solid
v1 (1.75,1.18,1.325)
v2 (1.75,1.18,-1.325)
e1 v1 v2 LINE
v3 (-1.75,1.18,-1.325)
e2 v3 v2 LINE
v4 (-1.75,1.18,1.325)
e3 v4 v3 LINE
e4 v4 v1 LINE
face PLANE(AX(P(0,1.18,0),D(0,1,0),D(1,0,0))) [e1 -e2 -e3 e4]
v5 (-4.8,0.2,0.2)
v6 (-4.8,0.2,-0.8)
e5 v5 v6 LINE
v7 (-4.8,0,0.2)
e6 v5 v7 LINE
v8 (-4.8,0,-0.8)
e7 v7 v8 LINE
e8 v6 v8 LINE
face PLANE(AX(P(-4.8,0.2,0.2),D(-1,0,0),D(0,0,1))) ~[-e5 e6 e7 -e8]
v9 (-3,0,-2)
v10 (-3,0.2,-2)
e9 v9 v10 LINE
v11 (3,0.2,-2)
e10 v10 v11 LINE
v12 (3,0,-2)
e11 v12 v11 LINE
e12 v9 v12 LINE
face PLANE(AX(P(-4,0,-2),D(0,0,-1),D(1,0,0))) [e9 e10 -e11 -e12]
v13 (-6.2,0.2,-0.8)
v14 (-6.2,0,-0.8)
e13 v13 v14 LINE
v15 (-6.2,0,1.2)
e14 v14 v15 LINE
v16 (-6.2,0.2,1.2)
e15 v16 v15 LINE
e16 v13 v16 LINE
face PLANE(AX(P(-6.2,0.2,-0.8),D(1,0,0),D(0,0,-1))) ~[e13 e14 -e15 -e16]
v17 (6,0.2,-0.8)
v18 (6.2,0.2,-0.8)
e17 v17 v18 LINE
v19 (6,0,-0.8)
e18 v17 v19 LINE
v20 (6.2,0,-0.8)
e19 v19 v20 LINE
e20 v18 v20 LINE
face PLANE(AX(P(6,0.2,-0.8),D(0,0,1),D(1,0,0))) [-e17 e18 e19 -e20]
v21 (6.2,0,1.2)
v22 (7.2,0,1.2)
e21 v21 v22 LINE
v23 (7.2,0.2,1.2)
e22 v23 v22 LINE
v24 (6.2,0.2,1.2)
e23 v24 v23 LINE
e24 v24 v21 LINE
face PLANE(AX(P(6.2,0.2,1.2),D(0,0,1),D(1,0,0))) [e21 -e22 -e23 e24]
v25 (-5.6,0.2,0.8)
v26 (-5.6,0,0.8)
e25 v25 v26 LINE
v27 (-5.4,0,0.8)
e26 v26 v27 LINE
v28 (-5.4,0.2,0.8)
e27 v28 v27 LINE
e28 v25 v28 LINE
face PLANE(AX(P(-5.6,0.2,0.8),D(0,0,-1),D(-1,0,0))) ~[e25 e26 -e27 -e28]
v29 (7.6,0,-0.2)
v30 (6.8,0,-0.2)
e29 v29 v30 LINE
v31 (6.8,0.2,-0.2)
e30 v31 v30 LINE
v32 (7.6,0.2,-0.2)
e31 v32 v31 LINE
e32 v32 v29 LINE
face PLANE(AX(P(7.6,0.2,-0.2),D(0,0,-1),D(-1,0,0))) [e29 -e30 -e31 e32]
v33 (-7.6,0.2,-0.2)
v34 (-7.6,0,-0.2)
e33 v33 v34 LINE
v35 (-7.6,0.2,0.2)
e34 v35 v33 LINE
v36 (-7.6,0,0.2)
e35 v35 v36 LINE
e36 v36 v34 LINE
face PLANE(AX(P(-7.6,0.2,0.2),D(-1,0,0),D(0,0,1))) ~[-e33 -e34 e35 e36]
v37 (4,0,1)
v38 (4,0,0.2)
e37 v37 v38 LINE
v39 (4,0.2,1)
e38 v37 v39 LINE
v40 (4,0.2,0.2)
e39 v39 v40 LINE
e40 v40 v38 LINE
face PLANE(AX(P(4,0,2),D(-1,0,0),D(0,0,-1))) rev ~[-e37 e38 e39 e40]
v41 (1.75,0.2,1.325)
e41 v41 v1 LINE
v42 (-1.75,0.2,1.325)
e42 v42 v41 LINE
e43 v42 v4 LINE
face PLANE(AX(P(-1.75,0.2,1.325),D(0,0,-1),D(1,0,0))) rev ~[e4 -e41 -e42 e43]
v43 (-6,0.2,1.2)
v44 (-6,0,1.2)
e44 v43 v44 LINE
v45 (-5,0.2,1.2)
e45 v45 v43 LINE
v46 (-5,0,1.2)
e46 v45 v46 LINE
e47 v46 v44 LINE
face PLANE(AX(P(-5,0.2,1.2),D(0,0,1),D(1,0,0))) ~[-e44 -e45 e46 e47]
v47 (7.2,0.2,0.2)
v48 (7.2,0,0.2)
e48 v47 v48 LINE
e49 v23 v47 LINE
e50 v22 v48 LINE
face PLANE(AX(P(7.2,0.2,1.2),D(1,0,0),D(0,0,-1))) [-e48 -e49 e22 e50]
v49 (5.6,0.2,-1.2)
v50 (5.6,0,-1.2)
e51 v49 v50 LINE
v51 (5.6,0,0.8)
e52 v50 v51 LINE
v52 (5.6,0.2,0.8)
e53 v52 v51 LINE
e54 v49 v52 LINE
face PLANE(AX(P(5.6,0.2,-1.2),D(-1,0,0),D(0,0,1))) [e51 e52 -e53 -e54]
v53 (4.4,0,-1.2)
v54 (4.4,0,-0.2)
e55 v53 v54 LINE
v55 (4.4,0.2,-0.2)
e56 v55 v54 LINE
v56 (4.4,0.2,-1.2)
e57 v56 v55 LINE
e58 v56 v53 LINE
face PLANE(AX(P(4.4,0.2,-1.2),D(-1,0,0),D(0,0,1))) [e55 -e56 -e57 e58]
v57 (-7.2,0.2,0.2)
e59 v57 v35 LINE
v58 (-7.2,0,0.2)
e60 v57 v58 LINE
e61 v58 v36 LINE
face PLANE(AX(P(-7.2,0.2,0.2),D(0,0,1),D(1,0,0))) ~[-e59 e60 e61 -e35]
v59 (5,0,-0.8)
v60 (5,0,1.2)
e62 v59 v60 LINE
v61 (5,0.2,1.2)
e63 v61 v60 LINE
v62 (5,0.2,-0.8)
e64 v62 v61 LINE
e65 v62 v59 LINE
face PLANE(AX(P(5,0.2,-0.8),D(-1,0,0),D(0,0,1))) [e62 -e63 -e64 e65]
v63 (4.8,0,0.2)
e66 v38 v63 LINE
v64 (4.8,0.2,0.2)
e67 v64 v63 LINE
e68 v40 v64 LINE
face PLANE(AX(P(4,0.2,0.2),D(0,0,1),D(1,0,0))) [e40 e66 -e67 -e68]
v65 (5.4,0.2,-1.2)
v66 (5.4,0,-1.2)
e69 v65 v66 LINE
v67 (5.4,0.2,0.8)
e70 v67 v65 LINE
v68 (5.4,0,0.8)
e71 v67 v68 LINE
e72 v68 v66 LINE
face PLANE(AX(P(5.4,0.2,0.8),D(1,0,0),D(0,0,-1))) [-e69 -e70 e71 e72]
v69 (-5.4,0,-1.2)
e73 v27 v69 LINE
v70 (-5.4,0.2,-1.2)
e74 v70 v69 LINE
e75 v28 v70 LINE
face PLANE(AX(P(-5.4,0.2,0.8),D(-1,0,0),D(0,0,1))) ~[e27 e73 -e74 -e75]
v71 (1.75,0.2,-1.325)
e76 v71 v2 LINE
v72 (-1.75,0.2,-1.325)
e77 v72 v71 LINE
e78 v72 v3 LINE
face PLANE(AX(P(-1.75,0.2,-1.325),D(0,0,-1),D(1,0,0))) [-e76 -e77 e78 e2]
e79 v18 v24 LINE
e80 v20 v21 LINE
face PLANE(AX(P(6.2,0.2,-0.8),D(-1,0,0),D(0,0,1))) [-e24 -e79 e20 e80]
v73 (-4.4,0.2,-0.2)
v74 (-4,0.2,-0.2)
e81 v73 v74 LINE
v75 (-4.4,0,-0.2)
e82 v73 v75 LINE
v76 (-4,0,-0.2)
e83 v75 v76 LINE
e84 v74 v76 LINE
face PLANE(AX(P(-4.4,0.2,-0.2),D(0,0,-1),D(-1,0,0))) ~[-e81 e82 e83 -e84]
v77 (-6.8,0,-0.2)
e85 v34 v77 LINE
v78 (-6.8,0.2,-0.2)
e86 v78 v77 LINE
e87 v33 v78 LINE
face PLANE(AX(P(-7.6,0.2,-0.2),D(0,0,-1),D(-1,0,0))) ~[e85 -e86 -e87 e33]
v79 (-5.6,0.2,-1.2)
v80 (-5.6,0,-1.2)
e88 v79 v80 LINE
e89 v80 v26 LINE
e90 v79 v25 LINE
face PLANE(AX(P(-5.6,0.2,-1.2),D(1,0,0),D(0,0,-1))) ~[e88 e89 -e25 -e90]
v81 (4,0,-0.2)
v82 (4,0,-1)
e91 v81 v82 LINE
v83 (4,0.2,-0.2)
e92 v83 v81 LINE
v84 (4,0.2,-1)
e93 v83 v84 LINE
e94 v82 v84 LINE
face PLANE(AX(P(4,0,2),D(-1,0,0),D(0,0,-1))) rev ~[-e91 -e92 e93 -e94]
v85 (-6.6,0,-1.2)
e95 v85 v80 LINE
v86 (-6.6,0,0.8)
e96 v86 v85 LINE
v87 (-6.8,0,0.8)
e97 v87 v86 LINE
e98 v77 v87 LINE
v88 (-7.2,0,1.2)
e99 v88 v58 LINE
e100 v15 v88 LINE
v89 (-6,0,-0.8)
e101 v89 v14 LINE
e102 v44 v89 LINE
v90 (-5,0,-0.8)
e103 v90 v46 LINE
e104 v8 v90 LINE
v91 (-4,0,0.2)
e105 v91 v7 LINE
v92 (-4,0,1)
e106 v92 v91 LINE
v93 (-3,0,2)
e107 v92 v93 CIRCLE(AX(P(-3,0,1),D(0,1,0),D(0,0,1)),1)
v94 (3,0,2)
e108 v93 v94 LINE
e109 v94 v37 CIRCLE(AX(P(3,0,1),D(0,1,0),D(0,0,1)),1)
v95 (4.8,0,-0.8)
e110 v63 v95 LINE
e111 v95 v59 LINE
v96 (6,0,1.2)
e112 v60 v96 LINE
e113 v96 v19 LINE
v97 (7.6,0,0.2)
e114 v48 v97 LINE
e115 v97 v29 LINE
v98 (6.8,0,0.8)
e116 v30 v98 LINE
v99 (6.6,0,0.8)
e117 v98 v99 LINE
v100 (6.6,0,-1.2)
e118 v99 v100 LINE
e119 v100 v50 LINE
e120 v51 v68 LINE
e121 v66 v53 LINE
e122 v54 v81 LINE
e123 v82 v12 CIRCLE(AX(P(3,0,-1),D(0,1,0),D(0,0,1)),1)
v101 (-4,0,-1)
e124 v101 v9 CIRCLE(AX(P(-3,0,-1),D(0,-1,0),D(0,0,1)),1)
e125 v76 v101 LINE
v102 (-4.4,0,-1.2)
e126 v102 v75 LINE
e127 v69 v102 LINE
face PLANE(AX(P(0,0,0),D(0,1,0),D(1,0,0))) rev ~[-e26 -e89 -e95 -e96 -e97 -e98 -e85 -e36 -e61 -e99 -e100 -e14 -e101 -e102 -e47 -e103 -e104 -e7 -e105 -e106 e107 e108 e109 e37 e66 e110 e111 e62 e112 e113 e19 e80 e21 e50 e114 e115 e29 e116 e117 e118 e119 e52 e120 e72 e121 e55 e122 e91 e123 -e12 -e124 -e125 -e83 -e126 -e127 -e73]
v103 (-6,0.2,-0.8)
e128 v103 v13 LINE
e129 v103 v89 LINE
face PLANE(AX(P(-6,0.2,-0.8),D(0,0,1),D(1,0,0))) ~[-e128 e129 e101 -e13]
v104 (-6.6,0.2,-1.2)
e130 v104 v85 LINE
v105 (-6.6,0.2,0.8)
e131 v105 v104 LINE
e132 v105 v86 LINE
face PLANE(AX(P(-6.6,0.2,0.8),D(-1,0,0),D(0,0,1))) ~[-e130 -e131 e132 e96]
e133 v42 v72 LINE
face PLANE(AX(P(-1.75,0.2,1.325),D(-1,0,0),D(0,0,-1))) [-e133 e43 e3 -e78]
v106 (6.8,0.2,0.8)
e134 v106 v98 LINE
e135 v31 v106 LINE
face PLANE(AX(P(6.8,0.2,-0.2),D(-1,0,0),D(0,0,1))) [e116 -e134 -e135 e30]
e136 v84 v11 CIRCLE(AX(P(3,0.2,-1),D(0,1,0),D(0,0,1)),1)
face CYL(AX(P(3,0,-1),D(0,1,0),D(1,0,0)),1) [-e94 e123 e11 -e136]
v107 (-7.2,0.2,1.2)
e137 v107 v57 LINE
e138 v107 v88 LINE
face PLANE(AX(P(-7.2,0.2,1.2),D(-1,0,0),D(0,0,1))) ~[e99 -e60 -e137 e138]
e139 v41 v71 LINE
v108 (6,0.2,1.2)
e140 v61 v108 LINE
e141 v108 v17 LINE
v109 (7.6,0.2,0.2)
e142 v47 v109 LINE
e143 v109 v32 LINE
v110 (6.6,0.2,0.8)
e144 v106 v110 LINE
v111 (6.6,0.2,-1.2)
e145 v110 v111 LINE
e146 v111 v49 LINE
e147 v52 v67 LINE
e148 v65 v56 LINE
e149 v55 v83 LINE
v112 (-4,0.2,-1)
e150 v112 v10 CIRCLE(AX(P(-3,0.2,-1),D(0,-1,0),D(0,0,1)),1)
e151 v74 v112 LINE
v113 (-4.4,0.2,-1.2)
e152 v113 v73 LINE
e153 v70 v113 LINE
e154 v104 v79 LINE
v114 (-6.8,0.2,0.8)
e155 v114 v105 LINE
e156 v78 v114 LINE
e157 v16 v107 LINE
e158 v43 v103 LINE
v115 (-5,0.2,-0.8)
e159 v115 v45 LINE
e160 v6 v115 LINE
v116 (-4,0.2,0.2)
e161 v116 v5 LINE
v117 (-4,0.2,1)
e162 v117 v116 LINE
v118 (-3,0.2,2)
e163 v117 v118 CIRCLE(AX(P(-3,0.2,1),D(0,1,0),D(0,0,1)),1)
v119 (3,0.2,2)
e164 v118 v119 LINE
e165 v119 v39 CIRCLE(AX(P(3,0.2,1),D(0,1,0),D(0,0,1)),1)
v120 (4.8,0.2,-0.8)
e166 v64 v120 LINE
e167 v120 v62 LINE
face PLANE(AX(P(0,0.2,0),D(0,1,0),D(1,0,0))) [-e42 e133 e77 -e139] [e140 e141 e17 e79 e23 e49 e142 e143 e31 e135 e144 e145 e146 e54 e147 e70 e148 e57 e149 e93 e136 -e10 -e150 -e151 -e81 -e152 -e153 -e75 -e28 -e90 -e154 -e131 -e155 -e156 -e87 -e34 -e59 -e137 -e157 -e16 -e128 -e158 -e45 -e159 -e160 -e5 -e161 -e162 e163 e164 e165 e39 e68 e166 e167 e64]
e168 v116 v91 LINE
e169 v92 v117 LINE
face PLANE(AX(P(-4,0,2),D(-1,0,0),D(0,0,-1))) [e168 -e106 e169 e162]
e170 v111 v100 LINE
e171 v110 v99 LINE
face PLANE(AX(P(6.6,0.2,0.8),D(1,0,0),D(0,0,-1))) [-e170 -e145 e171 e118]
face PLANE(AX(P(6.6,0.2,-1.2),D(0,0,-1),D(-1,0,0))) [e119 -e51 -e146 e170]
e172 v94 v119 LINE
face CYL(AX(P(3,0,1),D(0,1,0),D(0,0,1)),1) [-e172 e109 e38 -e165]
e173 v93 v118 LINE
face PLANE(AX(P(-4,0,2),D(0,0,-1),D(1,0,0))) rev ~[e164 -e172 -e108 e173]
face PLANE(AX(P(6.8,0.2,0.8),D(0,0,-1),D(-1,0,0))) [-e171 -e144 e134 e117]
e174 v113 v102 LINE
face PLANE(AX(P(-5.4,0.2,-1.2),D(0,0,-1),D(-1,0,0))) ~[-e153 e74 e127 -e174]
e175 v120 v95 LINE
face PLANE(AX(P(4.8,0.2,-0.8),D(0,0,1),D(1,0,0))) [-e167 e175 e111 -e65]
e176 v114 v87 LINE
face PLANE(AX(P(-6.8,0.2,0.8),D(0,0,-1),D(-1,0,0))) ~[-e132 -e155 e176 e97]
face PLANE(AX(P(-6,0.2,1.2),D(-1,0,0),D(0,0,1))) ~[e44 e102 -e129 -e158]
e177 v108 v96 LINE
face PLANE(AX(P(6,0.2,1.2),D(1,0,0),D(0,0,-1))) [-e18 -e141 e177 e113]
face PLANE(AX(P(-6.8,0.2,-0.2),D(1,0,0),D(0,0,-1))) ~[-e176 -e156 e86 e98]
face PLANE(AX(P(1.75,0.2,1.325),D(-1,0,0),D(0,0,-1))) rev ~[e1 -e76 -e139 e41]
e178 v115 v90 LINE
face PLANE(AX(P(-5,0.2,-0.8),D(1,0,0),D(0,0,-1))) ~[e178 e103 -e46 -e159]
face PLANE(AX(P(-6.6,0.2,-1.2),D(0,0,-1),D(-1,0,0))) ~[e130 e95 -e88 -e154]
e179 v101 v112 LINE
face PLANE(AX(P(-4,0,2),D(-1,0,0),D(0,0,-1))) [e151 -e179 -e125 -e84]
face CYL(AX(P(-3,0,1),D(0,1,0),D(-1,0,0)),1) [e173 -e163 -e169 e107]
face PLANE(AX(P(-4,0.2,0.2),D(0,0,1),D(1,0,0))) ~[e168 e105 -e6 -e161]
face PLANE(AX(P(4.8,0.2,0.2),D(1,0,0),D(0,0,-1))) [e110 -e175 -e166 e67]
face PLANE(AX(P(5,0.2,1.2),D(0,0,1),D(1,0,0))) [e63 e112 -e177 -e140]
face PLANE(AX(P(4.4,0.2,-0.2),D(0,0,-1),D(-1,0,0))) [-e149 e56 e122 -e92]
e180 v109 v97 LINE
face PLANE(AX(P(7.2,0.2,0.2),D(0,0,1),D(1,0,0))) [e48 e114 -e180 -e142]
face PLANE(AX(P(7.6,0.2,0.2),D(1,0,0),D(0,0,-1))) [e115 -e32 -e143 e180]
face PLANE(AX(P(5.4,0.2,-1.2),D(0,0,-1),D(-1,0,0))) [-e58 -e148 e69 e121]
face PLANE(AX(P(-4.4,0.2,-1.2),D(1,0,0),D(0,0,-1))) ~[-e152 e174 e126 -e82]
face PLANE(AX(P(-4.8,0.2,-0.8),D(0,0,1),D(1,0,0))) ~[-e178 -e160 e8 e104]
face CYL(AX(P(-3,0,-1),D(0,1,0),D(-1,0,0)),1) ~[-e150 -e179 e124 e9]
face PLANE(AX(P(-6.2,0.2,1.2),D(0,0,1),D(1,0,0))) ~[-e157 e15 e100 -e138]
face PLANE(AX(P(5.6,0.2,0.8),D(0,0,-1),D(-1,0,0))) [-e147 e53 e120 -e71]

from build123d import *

# Parameters (mm, degrees)
SKETCH1_W           = 8
SKETCH1_H           = 4
BOSS_EXTRUDE1_DEPTH = 0.2
FILLET1_R           = 1
BOSS_EXTRUDE2_DEPTH = 0.2
SKETCH3_W           = 3.5
SKETCH3_H           = 2.65
BOSS_EXTRUDE3_DEPTH = 0.98


with BuildPart() as part:
    # Sketch1 → Boss-Extrude1 (new body)
    with BuildSketch(Plane(origin=(0, 0, 0), x_dir=(1, 0, 0), z_dir=(0, 1, 0))):
        Rectangle(SKETCH1_W, SKETCH1_H)
    extrude(amount=BOSS_EXTRUDE1_DEPTH)

    # Fillet1
    fillet1_edges = [part.edges().sort_by_distance(p)[0] for p in [
        (4, 0.1, 2),
        (-4, 0.1, 2),
        (-4, 0.1, -2),
        (4, 0.1, -2),
    ]]
    fillet(fillet1_edges, radius=FILLET1_R)

    # Sketch2 → Boss-Extrude2 (add)
    with BuildSketch(Plane(origin=(0, 0.2, 0), x_dir=(1, 0, 0), z_dir=(0, 1, 0))):
        Polygon((4, 0.2), (4, 0), (4.6, 0), (4.6, 1), (5.2, 1), (5.2, -1), (5.8, -1), (5.8, 1), (6.4, 1), (6.4, -1), (7, -1), (7, 0), (7.6, 0), (7.6, 0.2), (6.8, 0.2), (6.8, -0.8), (6.6, -0.8), (6.6, 1.2), (5.6, 1.2), (5.6, -0.8), (5.4, -0.8), (5.4, 1.2), (4.4, 1.2), (4.4, 0.2), align=None)
        Polygon((4.6, 0), (4, 0), (4, -0.2), (4.8, -0.2), (4.8, 0.8), (5, 0.8), (5, -1.2), (6, -1.2), (6, 0.8), (6.2, 0.8), (6.2, -1.2), (7.2, -1.2), (7.2, -0.2), (7.6, -0.2), (7.6, 0), (7, 0), (7, -1), (6.4, -1), (6.4, 1), (5.8, 1), (5.8, -1), (5.2, -1), (5.2, 1), (4.6, 1), align=None)
    boss_extrude2 = extrude(amount=-BOSS_EXTRUDE2_DEPTH)

    # Mirror1: Boss-Extrude2 across plane
    add(boss_extrude2.mirror(Plane(origin=(0, 0, 0), x_dir=(0, 0, 1), z_dir=(1, 0, 0))))

    # Sketch3 → Boss-Extrude3 (add)
    with BuildSketch(Plane(origin=(0, 0.2, 0), x_dir=(1, 0, 0), z_dir=(0, 1, 0))):
        Rectangle(SKETCH3_W, SKETCH3_H)
    extrude(amount=BOSS_EXTRUDE3_DEPTH)


solid = part.part
